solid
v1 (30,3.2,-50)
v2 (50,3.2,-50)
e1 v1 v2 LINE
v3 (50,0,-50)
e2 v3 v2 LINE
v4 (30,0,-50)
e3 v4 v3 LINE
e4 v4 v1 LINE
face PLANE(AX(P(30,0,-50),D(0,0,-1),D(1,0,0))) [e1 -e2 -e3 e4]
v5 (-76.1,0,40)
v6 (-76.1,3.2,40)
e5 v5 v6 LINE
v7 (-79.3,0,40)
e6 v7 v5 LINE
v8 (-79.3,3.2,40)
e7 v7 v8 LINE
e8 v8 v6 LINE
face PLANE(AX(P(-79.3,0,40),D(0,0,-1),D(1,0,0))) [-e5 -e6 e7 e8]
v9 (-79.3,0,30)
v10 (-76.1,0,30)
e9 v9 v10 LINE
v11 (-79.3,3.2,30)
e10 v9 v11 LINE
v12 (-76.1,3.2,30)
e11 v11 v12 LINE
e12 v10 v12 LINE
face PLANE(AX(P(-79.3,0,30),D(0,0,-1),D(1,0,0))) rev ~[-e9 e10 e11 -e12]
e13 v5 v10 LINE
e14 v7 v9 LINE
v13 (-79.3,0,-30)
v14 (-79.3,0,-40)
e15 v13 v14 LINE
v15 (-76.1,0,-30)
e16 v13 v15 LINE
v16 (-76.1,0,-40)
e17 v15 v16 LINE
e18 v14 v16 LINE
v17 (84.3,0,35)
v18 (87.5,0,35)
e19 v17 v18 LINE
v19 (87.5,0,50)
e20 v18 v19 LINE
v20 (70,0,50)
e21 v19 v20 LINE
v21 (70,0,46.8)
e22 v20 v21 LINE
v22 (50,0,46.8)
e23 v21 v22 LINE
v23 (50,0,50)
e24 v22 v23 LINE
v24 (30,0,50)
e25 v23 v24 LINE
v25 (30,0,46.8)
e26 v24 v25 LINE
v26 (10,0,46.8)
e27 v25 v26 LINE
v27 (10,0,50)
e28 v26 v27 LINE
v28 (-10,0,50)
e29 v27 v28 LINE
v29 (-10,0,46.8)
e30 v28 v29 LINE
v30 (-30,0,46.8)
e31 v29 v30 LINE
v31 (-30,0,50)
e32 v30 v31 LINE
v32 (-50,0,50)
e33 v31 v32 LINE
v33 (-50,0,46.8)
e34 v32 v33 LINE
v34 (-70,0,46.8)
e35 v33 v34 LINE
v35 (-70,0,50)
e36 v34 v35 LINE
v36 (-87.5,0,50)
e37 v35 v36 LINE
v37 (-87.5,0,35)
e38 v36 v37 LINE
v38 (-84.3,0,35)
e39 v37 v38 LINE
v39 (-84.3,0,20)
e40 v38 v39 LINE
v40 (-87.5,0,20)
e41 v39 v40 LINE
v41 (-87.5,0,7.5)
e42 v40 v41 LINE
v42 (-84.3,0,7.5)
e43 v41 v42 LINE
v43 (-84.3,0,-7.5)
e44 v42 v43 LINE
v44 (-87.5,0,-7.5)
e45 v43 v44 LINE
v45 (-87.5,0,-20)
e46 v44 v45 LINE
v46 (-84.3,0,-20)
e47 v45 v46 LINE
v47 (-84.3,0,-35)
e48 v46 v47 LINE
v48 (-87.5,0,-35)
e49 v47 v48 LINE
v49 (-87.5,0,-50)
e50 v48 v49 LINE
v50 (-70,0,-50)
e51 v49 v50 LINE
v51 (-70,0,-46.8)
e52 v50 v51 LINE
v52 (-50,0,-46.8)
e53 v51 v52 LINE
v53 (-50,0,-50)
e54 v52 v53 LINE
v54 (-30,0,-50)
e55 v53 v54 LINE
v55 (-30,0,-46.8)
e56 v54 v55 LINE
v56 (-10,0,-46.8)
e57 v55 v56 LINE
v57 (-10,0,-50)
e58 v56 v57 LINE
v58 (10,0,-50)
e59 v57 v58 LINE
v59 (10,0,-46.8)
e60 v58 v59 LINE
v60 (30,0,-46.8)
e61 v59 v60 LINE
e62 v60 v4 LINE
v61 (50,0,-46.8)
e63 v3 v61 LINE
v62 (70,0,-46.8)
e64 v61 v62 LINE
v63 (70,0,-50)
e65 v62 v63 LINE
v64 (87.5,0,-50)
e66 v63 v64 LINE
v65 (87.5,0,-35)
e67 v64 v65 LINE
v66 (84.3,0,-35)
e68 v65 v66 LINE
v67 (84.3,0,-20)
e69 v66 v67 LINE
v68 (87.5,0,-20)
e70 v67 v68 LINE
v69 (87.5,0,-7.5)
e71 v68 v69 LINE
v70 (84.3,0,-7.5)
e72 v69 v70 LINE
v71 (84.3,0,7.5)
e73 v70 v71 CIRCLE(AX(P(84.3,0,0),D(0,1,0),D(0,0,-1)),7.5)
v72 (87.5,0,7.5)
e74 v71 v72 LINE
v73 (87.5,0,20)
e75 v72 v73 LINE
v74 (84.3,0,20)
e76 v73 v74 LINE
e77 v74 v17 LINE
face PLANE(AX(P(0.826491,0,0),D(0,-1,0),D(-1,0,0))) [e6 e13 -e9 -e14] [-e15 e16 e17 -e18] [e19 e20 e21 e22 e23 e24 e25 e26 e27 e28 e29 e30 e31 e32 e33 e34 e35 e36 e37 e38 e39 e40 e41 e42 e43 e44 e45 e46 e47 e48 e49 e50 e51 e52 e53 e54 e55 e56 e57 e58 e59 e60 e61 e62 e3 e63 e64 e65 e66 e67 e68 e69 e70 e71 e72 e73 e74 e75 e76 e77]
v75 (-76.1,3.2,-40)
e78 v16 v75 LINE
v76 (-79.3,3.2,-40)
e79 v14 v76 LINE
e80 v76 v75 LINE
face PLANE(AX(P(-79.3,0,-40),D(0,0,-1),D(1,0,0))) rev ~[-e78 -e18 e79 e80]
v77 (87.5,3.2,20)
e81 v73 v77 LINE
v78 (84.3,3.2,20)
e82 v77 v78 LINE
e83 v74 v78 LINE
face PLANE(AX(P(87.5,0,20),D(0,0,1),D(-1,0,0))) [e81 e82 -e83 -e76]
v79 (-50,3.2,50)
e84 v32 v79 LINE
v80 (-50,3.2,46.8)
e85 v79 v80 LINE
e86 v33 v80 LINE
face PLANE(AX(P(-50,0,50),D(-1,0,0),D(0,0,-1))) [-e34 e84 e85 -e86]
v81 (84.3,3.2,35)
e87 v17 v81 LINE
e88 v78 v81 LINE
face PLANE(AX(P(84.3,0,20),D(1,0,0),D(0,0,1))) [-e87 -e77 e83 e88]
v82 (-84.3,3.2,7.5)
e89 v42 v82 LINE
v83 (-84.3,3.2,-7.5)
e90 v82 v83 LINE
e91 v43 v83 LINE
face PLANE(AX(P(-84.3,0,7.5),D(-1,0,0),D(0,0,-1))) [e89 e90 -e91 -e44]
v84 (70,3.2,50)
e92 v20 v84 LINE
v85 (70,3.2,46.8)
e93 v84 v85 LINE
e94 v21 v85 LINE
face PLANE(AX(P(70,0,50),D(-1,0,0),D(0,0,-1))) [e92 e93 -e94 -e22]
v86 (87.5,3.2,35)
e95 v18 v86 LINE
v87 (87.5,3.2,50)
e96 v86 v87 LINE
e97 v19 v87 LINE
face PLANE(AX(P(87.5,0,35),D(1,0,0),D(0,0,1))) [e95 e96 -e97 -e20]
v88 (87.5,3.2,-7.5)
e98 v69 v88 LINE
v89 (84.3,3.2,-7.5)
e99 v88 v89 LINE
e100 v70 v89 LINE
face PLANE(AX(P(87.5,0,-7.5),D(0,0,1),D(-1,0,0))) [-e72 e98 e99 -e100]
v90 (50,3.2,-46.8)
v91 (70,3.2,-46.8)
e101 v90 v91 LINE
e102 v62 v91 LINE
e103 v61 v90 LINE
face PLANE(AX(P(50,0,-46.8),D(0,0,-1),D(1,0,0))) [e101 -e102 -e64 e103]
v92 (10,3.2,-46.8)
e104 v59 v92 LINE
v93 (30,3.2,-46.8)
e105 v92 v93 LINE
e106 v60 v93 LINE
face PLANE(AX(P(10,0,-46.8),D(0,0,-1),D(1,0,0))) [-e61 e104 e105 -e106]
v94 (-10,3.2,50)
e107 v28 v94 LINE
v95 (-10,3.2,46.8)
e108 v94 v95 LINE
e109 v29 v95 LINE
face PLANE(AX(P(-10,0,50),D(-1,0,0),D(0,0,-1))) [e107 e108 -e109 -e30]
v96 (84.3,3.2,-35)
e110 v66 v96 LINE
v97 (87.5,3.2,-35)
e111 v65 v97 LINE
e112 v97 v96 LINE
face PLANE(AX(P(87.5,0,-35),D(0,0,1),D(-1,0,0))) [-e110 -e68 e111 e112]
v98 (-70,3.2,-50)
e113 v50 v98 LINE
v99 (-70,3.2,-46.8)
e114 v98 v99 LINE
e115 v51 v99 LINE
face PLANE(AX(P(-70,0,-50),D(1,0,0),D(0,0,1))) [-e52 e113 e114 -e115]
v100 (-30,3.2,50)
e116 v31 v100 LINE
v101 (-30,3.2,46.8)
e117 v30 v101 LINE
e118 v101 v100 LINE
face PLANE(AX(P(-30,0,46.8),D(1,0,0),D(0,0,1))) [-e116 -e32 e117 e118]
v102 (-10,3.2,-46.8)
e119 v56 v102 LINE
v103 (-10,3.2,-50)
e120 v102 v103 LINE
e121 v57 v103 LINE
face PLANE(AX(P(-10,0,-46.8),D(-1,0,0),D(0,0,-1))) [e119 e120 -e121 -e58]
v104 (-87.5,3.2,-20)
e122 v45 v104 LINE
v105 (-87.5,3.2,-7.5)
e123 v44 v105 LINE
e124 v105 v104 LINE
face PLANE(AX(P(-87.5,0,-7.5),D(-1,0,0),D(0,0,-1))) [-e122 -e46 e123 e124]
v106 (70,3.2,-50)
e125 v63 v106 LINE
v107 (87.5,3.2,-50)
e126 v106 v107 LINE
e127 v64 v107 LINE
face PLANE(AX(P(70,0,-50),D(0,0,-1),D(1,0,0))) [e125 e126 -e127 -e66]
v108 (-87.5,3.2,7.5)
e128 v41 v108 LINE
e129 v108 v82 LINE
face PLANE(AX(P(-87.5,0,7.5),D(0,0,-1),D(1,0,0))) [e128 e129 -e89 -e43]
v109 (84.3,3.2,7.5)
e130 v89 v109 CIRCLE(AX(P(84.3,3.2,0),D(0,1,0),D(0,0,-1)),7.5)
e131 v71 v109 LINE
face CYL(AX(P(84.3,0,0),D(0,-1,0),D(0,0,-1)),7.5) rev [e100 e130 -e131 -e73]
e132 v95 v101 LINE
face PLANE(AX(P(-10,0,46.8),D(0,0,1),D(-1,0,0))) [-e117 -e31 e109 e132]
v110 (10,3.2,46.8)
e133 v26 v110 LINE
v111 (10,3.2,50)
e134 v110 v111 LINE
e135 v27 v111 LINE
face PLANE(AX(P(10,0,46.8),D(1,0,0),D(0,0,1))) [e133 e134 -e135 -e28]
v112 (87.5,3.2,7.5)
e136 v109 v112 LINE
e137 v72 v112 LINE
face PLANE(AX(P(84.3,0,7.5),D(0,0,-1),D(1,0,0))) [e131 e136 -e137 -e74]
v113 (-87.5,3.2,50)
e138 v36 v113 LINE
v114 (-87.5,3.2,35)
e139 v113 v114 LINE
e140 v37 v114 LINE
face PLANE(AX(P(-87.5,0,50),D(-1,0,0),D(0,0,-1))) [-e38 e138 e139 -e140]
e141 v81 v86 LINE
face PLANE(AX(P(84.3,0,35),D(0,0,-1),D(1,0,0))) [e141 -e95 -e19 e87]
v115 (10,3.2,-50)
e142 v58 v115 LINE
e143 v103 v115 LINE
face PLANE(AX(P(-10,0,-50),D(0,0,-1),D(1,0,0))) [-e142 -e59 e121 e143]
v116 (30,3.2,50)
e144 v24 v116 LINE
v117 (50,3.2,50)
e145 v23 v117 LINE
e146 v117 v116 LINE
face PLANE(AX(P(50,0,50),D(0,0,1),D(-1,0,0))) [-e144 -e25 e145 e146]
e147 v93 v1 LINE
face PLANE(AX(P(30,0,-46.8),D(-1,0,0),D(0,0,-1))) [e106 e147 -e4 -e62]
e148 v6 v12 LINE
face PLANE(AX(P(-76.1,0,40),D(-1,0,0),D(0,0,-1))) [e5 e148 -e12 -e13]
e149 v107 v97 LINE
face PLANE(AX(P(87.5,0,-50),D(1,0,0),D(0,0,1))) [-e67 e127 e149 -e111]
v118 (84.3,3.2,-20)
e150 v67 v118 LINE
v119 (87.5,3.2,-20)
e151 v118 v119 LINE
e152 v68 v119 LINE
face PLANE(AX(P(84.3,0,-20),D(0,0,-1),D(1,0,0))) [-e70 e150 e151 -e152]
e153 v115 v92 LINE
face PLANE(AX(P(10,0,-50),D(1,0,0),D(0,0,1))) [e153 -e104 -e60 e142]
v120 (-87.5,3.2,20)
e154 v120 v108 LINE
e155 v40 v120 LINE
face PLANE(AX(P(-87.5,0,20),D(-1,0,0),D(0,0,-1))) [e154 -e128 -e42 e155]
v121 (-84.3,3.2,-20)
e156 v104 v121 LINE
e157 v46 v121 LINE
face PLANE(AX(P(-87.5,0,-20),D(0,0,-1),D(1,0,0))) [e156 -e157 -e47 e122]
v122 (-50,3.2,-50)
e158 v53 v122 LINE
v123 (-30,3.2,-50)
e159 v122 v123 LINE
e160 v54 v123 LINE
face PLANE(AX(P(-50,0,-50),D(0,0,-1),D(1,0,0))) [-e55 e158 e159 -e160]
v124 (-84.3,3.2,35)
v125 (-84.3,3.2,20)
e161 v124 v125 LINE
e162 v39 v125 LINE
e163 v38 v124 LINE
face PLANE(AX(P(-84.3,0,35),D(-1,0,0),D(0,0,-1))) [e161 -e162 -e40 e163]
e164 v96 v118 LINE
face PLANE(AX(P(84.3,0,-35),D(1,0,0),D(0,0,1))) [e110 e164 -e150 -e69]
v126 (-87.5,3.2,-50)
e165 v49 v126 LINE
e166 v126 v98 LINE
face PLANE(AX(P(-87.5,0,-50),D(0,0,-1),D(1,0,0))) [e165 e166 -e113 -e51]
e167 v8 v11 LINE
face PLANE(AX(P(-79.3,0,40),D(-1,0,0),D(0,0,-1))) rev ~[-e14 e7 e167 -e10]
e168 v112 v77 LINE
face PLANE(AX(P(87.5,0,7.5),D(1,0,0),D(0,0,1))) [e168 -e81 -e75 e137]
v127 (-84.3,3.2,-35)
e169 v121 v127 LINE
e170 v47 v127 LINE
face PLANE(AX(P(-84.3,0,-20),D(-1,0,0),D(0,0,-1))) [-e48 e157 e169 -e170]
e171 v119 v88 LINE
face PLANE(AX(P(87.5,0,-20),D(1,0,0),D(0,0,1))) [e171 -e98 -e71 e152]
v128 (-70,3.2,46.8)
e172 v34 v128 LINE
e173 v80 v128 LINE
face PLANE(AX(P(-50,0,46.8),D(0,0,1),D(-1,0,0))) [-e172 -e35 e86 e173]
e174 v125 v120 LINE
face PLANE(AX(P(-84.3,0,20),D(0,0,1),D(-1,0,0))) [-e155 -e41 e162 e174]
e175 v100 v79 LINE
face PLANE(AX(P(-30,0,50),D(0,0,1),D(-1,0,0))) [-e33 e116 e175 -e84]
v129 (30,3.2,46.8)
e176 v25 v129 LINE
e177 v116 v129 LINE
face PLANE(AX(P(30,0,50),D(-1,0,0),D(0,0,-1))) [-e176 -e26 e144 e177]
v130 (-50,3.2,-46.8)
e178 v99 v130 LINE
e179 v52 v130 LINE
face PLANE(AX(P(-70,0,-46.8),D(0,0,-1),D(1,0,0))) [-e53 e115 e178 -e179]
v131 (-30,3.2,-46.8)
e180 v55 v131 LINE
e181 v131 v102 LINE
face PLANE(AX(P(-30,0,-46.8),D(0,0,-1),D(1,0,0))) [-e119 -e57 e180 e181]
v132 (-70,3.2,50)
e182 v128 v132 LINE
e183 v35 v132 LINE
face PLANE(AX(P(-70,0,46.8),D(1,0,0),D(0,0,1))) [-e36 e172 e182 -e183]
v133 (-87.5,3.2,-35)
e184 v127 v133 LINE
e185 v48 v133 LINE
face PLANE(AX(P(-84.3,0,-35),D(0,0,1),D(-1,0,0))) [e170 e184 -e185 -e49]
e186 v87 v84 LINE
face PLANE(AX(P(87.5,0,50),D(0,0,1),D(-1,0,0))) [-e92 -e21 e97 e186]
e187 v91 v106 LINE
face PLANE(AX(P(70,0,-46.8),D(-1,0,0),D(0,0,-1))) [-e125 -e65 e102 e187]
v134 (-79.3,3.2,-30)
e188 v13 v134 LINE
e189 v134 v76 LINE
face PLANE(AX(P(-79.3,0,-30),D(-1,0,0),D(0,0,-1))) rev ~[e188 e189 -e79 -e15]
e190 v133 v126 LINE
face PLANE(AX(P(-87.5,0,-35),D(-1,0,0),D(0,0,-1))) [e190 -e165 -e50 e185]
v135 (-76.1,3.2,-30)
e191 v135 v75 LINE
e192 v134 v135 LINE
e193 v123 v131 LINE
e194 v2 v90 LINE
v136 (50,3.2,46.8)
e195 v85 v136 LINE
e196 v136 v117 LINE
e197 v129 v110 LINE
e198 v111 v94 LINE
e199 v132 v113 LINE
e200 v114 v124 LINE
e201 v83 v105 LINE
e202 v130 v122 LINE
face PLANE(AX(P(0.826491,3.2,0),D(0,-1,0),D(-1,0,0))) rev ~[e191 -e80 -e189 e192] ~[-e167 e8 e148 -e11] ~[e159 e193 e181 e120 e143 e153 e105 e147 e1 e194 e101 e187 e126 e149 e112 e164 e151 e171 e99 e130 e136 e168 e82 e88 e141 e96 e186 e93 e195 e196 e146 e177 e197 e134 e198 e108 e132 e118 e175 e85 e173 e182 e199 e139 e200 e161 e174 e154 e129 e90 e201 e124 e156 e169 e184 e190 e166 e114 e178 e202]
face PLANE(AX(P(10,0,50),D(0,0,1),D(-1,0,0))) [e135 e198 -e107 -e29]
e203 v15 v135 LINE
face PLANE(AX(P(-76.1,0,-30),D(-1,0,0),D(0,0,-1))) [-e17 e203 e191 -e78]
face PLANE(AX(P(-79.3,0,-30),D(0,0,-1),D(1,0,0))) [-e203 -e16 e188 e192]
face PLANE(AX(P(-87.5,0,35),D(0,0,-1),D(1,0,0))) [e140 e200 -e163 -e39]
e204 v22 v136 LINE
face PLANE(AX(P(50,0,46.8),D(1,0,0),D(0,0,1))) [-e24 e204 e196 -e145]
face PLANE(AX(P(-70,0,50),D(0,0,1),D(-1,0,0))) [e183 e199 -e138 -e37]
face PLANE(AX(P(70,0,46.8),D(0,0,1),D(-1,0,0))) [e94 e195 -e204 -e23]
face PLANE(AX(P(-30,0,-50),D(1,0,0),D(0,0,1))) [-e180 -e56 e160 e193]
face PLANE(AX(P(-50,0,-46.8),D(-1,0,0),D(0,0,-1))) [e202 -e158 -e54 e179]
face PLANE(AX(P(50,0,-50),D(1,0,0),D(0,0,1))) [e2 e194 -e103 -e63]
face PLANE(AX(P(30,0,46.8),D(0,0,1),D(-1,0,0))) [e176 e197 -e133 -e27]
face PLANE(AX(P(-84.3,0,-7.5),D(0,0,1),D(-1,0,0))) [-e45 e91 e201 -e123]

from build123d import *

# Parameters (mm, degrees)
SKETCH1_W           = 3.2
SKETCH1_H           = 10
BOSS_EXTRUDE1_DEPTH = 3.2


with BuildPart() as part:
    # Sketch1 → Boss-Extrude1 (new body)
    with BuildSketch(Plane(origin=(0, 0, 0), x_dir=(1, 0, 0), z_dir=(0, 1, 0))):
        with BuildLine():
            Line((-87.5, 7.5), (-87.5, 20))
            Line((-87.5, 20), (-84.3, 20))
            Line((-84.3, 20), (-84.3, 35))
            Line((-84.3, 35), (-87.5, 35))
            Line((-87.5, 35), (-87.5, 50))
            Line((-87.5, 50), (-70, 50))
            Line((-70, 50), (-70, 46.8))
            Line((-70, 46.8), (-50, 46.8))
            Line((-50, 46.8), (-50, 50))
            Line((-50, 50), (-30, 50))
            Line((-30, 50), (-30, 46.8))
            Line((-30, 46.8), (-10, 46.8))
            Line((-10, 46.8), (-10, 50))
            Line((-10, 50), (10, 50))
            Line((10, 50), (10, 46.8))
            Line((10, 46.8), (30, 46.8))
            Line((30, 46.8), (30, 50))
            Line((30, 50), (50, 50))
            Line((50, 50), (50, 46.8))
            Line((50, 46.8), (70, 46.8))
            Line((70, 46.8), (70, 50))
            Line((70, 50), (87.5, 50))
            Line((87.5, 50), (87.5, 35))
            Line((87.5, 35), (84.3, 35))
            Line((84.3, 35), (84.3, 20))
            Line((84.3, 20), (87.5, 20))
            Line((87.5, 20), (87.5, 7.5))
            Line((87.5, 7.5), (84.3, 7.5))
            ThreePointArc((84.3, 7.5), (76.8, 0), (84.3, -7.5))
            Line((84.3, -7.5), (87.5, -7.5))
            Line((87.5, -7.5), (87.5, -20))
            Line((87.5, -20), (84.3, -20))
            Line((84.3, -20), (84.3, -35))
            Line((84.3, -35), (87.5, -35))
            Line((87.5, -35), (87.5, -50))
            Line((87.5, -50), (70, -50))
            Line((70, -50), (70, -46.8))
            Line((70, -46.8), (50, -46.8))
            Line((50, -46.8), (50, -50))
            Line((50, -50), (30, -50))
            Line((30, -50), (30, -46.8))
            Line((30, -46.8), (10, -46.8))
            Line((10, -46.8), (10, -50))
            Line((10, -50), (-10, -50))
            Line((-10, -50), (-10, -46.8))
            Line((-10, -46.8), (-30, -46.8))
            Line((-30, -46.8), (-30, -50))
            Line((-30, -50), (-50, -50))
            Line((-50, -50), (-50, -46.8))
            Line((-50, -46.8), (-70, -46.8))
            Line((-70, -46.8), (-70, -50))
            Line((-70, -50), (-87.5, -50))
            Line((-87.5, -50), (-87.5, -35))
            Line((-87.5, -35), (-84.3, -35))
            Line((-84.3, -35), (-84.3, -20))
            Line((-84.3, -20), (-87.5, -20))
            Line((-87.5, -20), (-87.5, -7.5))
            Line((-87.5, -7.5), (-84.3, -7.5))
            Line((-84.3, -7.5), (-84.3, 7.5))
            Line((-84.3, 7.5), (-87.5, 7.5))
        make_face()
        with Locations((-77.7, 35)):
            Rectangle(SKETCH1_W, SKETCH1_H, mode=Mode.SUBTRACT)
        with Locations((-77.7, -35)):
            Rectangle(SKETCH1_W, SKETCH1_H, mode=Mode.SUBTRACT)
    extrude(amount=BOSS_EXTRUDE1_DEPTH)


solid = part.part
